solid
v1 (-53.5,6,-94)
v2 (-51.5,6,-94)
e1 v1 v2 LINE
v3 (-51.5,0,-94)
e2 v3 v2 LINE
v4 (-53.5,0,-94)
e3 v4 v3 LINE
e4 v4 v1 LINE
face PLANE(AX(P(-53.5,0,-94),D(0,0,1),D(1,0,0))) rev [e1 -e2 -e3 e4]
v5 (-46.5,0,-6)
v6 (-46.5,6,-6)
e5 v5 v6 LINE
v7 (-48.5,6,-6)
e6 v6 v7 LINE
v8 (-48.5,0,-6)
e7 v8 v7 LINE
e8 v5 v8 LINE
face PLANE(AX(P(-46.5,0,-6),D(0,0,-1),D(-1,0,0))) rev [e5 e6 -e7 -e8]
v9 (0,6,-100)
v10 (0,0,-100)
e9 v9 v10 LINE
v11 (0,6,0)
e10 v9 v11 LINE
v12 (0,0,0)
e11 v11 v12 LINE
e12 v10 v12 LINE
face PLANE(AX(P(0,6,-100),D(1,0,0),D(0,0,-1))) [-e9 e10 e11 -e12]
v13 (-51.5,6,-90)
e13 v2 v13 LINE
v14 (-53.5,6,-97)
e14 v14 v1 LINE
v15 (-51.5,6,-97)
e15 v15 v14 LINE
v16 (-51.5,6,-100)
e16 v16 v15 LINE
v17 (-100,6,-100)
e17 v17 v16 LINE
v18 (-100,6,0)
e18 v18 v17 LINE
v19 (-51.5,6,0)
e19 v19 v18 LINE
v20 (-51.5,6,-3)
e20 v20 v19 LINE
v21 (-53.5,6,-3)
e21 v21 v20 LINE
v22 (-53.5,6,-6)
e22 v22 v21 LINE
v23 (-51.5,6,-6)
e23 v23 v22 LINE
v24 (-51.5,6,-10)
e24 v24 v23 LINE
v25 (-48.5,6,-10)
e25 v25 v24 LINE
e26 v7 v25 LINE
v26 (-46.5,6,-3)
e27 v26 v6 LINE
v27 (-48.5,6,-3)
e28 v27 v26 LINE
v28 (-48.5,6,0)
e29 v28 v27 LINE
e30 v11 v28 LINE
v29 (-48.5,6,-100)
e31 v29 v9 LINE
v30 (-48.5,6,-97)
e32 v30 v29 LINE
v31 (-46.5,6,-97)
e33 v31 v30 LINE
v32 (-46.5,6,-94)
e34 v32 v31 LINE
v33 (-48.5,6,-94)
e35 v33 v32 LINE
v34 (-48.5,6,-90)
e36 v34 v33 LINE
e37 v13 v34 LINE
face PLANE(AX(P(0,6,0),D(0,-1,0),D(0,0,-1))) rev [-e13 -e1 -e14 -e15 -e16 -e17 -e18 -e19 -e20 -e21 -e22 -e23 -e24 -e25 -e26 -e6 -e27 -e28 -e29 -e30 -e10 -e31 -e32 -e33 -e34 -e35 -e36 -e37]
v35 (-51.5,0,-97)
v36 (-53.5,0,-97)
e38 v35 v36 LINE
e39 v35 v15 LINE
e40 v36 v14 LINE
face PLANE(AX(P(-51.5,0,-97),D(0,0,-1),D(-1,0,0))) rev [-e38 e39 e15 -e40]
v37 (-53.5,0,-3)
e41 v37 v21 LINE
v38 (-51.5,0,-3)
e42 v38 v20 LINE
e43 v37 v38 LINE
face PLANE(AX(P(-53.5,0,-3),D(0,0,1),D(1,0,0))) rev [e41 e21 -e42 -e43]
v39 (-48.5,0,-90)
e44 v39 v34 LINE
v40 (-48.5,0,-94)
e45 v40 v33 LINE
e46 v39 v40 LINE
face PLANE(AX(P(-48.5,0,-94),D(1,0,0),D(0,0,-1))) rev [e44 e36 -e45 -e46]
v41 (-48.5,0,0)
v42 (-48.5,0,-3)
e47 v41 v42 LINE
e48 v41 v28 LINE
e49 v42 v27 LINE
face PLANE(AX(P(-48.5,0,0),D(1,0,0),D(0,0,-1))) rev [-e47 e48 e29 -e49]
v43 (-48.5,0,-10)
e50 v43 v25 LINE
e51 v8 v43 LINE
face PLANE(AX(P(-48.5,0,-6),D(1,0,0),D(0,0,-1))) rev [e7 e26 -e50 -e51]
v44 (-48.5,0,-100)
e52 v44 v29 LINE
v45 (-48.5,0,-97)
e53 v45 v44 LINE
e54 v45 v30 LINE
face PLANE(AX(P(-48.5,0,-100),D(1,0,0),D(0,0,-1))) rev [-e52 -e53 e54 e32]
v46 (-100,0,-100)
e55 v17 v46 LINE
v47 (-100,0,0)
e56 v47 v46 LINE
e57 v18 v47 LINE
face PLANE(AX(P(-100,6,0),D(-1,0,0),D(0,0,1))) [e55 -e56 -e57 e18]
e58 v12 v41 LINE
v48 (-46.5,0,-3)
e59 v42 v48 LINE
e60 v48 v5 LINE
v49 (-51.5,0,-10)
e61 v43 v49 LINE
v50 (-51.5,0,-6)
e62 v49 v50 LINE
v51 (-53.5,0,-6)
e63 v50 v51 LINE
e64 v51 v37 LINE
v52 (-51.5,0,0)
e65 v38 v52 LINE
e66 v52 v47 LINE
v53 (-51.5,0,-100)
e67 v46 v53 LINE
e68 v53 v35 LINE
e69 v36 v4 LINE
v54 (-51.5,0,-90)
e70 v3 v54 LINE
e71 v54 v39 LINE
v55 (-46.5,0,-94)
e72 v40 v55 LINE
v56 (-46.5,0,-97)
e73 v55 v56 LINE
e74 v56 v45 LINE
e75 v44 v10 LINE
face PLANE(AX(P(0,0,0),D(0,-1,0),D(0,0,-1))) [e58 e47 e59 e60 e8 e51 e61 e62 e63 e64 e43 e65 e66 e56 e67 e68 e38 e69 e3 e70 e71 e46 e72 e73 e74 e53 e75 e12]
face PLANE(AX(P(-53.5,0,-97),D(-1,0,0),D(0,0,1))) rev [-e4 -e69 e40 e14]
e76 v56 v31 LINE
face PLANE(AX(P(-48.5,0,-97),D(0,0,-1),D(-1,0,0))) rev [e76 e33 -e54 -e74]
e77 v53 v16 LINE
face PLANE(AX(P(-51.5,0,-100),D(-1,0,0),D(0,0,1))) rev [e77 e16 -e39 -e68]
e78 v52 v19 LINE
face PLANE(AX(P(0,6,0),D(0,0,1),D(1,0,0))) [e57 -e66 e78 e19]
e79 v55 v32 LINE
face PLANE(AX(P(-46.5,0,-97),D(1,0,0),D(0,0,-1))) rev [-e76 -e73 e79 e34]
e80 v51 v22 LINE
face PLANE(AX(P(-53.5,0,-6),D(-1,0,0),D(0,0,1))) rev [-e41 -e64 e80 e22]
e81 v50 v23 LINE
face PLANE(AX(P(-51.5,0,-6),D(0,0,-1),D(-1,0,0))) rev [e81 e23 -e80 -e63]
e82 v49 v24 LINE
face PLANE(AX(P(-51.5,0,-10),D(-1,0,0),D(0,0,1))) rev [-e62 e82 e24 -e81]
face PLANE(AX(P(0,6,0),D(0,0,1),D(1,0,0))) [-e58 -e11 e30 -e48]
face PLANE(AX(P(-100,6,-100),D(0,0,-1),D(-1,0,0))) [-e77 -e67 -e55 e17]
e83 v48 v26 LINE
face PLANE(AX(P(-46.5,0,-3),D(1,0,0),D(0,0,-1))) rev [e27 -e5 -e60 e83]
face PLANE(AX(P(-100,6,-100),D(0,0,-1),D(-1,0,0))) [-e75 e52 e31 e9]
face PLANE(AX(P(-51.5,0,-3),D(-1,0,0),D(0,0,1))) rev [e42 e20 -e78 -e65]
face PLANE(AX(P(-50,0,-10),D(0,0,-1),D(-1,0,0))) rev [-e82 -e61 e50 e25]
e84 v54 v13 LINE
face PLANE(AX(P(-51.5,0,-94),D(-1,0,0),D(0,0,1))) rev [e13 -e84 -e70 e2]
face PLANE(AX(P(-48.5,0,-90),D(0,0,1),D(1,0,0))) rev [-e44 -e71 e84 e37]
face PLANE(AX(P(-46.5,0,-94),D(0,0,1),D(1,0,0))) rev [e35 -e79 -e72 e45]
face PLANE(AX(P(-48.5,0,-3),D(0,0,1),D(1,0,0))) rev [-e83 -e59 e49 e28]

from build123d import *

# Parameters (mm, degrees)
SKETCH2_W           = 100
SKETCH2_H           = 100
BOSS_EXTRUDE1_DEPTH = 6
CUT_EXTRUDE1_DEPTH  = 7


with BuildPart() as part:
    # Sketch2 → Boss-Extrude1 (new body)
    with BuildSketch(Plane(origin=(0, 0, 0), x_dir=(1, 0, 0), z_dir=(0, 1, 0))):
        with Locations((-50, 50)):
            Rectangle(SKETCH2_W, SKETCH2_H)
    extrude(amount=BOSS_EXTRUDE1_DEPTH)

    # Sketch3 → Cut-Extrude1 (cut, through all)
    with BuildSketch(Plane(origin=(0, 6, 0), x_dir=(1, 0, 0), z_dir=(0, 1, 0))):
        Polygon((-50, 100), (-48.5, 100), (-48.5, 97), (-46.5, 97), (-46.5, 94), (-48.5, 94), (-48.5, 90), (-50, 90), (-51.5, 90), (-51.5, 94), (-53.5, 94), (-53.5, 97), (-51.5, 97), (-51.5, 100), align=None)
        Polygon((-50, 0), (-48.5, 0), (-48.5, 3), (-46.5, 3), (-46.5, 6), (-48.5, 6), (-48.5, 10), (-50, 10), (-51.5, 10), (-51.5, 6), (-53.5, 6), (-53.5, 3), (-51.5, 3), (-51.5, 0), align=None)
    extrude(amount=-CUT_EXTRUDE1_DEPTH, mode=Mode.SUBTRACT)


solid = part.part
